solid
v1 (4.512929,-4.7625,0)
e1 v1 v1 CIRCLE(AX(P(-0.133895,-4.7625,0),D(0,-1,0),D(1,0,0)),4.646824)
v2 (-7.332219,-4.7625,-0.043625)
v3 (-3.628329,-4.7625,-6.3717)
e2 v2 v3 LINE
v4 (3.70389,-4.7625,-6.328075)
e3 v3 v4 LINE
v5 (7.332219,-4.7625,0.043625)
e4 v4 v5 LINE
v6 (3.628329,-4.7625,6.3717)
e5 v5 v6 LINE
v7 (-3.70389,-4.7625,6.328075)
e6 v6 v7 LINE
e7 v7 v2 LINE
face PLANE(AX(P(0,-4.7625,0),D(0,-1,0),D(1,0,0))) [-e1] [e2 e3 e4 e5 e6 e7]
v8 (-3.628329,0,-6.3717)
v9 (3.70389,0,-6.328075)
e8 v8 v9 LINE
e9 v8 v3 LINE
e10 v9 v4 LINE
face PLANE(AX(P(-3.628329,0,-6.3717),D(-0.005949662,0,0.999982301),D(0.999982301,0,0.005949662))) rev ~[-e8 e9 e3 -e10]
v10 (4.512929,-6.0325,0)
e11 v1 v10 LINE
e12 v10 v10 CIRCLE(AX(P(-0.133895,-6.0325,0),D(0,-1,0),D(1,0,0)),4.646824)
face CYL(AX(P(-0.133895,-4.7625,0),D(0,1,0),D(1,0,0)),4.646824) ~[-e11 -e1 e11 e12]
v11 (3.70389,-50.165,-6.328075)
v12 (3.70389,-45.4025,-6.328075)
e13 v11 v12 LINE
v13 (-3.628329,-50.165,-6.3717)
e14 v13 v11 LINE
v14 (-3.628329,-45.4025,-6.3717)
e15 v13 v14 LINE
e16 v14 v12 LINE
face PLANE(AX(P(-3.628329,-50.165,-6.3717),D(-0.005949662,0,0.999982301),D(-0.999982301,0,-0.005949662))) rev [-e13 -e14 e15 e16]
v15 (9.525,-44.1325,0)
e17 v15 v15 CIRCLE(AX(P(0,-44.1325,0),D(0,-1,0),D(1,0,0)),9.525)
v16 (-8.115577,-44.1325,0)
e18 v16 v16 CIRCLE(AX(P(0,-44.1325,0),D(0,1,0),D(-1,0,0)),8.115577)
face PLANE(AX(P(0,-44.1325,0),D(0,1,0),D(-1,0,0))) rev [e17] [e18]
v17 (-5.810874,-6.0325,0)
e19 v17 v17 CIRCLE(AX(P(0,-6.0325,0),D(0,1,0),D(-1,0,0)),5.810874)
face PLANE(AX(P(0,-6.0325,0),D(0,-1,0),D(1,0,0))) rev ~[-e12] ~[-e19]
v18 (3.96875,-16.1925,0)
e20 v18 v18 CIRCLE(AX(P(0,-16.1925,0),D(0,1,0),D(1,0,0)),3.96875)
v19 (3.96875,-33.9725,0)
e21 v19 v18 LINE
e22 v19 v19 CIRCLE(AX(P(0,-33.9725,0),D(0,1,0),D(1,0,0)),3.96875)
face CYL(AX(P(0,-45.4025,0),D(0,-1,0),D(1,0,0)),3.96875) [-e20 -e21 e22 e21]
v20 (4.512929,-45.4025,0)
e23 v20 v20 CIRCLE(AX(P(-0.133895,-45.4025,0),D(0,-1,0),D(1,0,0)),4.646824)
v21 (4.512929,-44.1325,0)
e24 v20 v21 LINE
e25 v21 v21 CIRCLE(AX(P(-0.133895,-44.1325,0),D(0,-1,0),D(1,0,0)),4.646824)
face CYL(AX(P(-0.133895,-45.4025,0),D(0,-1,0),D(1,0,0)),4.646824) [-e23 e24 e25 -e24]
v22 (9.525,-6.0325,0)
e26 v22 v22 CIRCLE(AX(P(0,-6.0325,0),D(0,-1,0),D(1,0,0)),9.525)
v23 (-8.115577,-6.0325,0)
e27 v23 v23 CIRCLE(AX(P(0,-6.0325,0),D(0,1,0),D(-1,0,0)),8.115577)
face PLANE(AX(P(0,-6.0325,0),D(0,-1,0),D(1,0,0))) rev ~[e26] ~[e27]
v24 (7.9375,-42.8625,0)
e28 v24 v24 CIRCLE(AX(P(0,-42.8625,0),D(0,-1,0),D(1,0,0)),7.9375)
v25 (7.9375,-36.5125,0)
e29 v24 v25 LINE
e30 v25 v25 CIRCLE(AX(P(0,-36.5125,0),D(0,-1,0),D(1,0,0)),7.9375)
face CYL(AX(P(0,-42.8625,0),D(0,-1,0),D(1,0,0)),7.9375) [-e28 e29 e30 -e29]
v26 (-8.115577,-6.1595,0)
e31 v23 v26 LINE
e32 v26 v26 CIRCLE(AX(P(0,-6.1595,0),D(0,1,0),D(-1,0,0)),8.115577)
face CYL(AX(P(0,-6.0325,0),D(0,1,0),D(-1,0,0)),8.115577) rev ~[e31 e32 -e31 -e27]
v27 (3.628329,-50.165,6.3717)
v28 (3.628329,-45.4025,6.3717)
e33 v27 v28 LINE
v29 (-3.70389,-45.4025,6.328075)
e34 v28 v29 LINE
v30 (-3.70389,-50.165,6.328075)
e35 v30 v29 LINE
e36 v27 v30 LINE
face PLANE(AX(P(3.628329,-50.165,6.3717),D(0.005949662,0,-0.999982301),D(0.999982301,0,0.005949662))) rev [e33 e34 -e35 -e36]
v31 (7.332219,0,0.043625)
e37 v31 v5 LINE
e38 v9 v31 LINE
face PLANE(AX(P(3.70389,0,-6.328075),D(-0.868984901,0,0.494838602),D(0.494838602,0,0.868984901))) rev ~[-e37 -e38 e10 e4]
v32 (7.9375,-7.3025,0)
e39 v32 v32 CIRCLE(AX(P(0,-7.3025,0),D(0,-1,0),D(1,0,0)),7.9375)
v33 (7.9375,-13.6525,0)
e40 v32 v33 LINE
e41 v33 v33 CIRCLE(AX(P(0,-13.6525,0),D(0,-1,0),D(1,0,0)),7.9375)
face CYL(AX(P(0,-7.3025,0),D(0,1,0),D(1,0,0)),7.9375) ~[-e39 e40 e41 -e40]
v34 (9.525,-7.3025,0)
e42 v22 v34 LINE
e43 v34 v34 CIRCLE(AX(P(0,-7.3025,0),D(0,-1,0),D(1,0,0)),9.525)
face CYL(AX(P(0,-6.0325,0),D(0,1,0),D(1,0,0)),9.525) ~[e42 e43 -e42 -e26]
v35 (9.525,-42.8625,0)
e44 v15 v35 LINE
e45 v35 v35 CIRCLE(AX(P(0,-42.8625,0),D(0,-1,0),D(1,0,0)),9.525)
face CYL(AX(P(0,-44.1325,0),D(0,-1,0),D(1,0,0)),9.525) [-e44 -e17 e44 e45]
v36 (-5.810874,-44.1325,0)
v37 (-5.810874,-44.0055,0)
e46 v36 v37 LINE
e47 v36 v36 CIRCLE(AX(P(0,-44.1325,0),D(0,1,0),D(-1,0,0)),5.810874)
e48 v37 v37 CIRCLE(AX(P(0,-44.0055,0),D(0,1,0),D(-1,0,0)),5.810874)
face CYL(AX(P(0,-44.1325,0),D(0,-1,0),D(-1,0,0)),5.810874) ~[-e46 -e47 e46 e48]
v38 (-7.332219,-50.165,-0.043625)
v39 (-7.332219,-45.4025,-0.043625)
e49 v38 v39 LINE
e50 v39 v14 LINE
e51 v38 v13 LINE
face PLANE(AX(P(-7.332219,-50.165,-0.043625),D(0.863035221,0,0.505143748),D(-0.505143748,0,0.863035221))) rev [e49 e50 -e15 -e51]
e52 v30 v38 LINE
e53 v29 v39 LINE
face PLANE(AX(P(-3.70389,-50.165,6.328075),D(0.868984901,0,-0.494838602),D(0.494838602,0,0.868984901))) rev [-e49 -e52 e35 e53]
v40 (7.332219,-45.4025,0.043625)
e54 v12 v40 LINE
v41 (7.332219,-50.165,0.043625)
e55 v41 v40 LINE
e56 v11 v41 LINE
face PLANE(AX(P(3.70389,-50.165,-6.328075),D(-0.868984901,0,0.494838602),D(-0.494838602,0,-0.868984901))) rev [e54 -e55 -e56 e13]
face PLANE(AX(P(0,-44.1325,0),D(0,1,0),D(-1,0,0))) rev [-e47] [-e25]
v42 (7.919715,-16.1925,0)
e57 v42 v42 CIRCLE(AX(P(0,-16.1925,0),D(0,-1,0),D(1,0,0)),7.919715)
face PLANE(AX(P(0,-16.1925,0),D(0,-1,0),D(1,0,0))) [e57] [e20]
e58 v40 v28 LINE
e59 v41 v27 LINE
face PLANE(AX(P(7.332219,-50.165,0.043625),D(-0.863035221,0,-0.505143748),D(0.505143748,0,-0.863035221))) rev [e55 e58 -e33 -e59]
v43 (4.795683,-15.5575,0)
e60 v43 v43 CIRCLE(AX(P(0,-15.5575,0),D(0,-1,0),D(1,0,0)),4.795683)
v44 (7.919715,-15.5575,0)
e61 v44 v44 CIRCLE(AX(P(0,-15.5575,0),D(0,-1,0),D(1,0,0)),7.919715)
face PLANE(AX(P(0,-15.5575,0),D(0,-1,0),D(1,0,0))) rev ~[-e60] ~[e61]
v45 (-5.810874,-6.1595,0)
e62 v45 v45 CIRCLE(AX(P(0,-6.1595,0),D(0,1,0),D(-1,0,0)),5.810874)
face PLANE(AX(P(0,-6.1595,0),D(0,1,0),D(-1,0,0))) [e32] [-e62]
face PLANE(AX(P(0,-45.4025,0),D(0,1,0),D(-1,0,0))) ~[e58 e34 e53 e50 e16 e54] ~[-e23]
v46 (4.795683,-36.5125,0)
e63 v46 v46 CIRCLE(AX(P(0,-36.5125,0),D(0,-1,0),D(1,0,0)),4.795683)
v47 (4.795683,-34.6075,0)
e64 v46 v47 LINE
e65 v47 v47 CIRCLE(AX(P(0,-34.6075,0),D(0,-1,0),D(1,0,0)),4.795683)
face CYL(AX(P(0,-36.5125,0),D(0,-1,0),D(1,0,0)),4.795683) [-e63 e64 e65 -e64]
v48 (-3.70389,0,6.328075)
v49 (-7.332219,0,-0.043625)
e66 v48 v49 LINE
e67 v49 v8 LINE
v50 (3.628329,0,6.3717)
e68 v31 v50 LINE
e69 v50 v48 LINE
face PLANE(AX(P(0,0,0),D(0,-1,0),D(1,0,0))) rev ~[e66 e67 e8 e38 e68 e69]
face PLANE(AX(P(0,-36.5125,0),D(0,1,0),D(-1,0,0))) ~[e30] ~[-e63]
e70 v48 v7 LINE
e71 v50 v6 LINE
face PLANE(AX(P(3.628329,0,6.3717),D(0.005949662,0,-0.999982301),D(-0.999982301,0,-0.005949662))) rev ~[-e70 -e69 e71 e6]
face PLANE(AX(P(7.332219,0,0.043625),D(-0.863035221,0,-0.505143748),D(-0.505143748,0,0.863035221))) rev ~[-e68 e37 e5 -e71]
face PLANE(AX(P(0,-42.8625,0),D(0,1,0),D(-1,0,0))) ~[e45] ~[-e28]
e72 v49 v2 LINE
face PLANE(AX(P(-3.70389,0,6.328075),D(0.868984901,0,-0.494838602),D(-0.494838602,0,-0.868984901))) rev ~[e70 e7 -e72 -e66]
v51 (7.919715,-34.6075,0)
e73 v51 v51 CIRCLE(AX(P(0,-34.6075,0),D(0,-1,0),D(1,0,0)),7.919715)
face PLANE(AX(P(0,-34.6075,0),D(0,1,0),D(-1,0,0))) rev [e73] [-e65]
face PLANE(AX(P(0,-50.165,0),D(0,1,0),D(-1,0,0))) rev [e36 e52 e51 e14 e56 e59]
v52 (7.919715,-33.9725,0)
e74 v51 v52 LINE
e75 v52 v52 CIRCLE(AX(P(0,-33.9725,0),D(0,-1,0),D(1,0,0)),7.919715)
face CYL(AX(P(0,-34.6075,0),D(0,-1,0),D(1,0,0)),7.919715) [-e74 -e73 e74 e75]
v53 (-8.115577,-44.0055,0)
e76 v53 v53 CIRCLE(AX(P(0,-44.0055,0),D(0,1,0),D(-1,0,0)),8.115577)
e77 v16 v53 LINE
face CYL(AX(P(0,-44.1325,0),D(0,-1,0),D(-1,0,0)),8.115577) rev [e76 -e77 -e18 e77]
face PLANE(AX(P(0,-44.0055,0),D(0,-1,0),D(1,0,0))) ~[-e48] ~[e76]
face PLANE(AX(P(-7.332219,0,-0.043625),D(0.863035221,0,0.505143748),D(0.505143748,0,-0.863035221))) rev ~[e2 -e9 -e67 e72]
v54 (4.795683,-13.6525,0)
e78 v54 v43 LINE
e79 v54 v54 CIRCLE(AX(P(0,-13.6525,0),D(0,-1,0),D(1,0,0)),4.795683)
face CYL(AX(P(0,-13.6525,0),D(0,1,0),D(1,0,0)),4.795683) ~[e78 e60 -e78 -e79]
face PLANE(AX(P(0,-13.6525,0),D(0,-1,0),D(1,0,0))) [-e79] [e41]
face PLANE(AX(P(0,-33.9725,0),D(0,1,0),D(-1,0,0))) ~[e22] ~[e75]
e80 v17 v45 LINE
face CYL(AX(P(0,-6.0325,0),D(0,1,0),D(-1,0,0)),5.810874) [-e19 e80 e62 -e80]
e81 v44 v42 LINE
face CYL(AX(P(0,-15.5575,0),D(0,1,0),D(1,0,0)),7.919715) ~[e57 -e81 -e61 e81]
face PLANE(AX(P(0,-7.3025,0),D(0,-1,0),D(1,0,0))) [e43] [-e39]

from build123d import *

# Parameters (mm, degrees)
F1_DEPTH  = 4.7625
F2_R      = 3.96875
F3_DEPTH  = 20.32
F4_R      = 4.646824
F5_DEPTH  = 1.27
F6_R      = 9.525
F7_DEPTH  = 1.27
F8_R      = 8.115577
F8_R_2    = 5.810874
F9_DEPTH  = 0.127
F10_R     = 7.9375
F11_DEPTH = 6.35
F12_R     = 4.795683
F13_DEPTH = 1.905
F14_R     = 7.919715
F15_DEPTH = 0.635


with BuildPart() as f1:
    # F0 (on Front) → F1 (new body)
    with BuildSketch(Plane.XZ):
        Polygon((-3.70389, 6.328075), (-7.332219, -0.043625), (-3.628329, -6.3717), (3.70389, -6.328075), (7.332219, 0.043625), (3.628329, 6.3717), align=None)
    extrude(amount=F1_DEPTH)

    # F2 (on face) → F3 (join)
    with BuildSketch(Plane.XZ.offset(4.7625)):
        Circle(F2_R)
    extrude(amount=F3_DEPTH)

    # F4 (on face) → F5 (join)
    with BuildSketch(Plane.XZ.offset(4.7625)):
        with Locations((-0.133895, 0)):
            Circle(F4_R)
    extrude(amount=F5_DEPTH)

    # F6 (on face) → F7 (join)
    with BuildSketch(Plane.XZ.offset(6.0325)):
        Circle(F6_R)
    extrude(amount=F7_DEPTH)

    # F8 (on face) → F9 (cut)
    with BuildSketch(Plane(origin=(0, -6.0325, 0), x_dir=(-1, 0, 0), z_dir=(0, 1, 0))):
        Circle(F8_R)
        Circle(F8_R_2, mode=Mode.SUBTRACT)
    extrude(amount=-F9_DEPTH, mode=Mode.SUBTRACT)

    # F10 (on face) → F11 (join)
    with BuildSketch(Plane.XZ.offset(7.3025)):
        Circle(F10_R)
    extrude(amount=F11_DEPTH)

    # F12 (on face) → F13 (join)
    with BuildSketch(Plane.XZ.offset(13.6525)):
        Circle(F12_R)
    extrude(amount=F13_DEPTH)

    # F14 (on face) → F15 (join)
    with BuildSketch(Plane.XZ.offset(15.5575)):
        Circle(F14_R)
    extrude(amount=F15_DEPTH)

    # F16: F1 across face


with BuildPart() as f1_1:
    add(f1.part)
    add(f1.part.mirror(Plane.XZ.offset(25.0825)))


solid = f1_1.part
